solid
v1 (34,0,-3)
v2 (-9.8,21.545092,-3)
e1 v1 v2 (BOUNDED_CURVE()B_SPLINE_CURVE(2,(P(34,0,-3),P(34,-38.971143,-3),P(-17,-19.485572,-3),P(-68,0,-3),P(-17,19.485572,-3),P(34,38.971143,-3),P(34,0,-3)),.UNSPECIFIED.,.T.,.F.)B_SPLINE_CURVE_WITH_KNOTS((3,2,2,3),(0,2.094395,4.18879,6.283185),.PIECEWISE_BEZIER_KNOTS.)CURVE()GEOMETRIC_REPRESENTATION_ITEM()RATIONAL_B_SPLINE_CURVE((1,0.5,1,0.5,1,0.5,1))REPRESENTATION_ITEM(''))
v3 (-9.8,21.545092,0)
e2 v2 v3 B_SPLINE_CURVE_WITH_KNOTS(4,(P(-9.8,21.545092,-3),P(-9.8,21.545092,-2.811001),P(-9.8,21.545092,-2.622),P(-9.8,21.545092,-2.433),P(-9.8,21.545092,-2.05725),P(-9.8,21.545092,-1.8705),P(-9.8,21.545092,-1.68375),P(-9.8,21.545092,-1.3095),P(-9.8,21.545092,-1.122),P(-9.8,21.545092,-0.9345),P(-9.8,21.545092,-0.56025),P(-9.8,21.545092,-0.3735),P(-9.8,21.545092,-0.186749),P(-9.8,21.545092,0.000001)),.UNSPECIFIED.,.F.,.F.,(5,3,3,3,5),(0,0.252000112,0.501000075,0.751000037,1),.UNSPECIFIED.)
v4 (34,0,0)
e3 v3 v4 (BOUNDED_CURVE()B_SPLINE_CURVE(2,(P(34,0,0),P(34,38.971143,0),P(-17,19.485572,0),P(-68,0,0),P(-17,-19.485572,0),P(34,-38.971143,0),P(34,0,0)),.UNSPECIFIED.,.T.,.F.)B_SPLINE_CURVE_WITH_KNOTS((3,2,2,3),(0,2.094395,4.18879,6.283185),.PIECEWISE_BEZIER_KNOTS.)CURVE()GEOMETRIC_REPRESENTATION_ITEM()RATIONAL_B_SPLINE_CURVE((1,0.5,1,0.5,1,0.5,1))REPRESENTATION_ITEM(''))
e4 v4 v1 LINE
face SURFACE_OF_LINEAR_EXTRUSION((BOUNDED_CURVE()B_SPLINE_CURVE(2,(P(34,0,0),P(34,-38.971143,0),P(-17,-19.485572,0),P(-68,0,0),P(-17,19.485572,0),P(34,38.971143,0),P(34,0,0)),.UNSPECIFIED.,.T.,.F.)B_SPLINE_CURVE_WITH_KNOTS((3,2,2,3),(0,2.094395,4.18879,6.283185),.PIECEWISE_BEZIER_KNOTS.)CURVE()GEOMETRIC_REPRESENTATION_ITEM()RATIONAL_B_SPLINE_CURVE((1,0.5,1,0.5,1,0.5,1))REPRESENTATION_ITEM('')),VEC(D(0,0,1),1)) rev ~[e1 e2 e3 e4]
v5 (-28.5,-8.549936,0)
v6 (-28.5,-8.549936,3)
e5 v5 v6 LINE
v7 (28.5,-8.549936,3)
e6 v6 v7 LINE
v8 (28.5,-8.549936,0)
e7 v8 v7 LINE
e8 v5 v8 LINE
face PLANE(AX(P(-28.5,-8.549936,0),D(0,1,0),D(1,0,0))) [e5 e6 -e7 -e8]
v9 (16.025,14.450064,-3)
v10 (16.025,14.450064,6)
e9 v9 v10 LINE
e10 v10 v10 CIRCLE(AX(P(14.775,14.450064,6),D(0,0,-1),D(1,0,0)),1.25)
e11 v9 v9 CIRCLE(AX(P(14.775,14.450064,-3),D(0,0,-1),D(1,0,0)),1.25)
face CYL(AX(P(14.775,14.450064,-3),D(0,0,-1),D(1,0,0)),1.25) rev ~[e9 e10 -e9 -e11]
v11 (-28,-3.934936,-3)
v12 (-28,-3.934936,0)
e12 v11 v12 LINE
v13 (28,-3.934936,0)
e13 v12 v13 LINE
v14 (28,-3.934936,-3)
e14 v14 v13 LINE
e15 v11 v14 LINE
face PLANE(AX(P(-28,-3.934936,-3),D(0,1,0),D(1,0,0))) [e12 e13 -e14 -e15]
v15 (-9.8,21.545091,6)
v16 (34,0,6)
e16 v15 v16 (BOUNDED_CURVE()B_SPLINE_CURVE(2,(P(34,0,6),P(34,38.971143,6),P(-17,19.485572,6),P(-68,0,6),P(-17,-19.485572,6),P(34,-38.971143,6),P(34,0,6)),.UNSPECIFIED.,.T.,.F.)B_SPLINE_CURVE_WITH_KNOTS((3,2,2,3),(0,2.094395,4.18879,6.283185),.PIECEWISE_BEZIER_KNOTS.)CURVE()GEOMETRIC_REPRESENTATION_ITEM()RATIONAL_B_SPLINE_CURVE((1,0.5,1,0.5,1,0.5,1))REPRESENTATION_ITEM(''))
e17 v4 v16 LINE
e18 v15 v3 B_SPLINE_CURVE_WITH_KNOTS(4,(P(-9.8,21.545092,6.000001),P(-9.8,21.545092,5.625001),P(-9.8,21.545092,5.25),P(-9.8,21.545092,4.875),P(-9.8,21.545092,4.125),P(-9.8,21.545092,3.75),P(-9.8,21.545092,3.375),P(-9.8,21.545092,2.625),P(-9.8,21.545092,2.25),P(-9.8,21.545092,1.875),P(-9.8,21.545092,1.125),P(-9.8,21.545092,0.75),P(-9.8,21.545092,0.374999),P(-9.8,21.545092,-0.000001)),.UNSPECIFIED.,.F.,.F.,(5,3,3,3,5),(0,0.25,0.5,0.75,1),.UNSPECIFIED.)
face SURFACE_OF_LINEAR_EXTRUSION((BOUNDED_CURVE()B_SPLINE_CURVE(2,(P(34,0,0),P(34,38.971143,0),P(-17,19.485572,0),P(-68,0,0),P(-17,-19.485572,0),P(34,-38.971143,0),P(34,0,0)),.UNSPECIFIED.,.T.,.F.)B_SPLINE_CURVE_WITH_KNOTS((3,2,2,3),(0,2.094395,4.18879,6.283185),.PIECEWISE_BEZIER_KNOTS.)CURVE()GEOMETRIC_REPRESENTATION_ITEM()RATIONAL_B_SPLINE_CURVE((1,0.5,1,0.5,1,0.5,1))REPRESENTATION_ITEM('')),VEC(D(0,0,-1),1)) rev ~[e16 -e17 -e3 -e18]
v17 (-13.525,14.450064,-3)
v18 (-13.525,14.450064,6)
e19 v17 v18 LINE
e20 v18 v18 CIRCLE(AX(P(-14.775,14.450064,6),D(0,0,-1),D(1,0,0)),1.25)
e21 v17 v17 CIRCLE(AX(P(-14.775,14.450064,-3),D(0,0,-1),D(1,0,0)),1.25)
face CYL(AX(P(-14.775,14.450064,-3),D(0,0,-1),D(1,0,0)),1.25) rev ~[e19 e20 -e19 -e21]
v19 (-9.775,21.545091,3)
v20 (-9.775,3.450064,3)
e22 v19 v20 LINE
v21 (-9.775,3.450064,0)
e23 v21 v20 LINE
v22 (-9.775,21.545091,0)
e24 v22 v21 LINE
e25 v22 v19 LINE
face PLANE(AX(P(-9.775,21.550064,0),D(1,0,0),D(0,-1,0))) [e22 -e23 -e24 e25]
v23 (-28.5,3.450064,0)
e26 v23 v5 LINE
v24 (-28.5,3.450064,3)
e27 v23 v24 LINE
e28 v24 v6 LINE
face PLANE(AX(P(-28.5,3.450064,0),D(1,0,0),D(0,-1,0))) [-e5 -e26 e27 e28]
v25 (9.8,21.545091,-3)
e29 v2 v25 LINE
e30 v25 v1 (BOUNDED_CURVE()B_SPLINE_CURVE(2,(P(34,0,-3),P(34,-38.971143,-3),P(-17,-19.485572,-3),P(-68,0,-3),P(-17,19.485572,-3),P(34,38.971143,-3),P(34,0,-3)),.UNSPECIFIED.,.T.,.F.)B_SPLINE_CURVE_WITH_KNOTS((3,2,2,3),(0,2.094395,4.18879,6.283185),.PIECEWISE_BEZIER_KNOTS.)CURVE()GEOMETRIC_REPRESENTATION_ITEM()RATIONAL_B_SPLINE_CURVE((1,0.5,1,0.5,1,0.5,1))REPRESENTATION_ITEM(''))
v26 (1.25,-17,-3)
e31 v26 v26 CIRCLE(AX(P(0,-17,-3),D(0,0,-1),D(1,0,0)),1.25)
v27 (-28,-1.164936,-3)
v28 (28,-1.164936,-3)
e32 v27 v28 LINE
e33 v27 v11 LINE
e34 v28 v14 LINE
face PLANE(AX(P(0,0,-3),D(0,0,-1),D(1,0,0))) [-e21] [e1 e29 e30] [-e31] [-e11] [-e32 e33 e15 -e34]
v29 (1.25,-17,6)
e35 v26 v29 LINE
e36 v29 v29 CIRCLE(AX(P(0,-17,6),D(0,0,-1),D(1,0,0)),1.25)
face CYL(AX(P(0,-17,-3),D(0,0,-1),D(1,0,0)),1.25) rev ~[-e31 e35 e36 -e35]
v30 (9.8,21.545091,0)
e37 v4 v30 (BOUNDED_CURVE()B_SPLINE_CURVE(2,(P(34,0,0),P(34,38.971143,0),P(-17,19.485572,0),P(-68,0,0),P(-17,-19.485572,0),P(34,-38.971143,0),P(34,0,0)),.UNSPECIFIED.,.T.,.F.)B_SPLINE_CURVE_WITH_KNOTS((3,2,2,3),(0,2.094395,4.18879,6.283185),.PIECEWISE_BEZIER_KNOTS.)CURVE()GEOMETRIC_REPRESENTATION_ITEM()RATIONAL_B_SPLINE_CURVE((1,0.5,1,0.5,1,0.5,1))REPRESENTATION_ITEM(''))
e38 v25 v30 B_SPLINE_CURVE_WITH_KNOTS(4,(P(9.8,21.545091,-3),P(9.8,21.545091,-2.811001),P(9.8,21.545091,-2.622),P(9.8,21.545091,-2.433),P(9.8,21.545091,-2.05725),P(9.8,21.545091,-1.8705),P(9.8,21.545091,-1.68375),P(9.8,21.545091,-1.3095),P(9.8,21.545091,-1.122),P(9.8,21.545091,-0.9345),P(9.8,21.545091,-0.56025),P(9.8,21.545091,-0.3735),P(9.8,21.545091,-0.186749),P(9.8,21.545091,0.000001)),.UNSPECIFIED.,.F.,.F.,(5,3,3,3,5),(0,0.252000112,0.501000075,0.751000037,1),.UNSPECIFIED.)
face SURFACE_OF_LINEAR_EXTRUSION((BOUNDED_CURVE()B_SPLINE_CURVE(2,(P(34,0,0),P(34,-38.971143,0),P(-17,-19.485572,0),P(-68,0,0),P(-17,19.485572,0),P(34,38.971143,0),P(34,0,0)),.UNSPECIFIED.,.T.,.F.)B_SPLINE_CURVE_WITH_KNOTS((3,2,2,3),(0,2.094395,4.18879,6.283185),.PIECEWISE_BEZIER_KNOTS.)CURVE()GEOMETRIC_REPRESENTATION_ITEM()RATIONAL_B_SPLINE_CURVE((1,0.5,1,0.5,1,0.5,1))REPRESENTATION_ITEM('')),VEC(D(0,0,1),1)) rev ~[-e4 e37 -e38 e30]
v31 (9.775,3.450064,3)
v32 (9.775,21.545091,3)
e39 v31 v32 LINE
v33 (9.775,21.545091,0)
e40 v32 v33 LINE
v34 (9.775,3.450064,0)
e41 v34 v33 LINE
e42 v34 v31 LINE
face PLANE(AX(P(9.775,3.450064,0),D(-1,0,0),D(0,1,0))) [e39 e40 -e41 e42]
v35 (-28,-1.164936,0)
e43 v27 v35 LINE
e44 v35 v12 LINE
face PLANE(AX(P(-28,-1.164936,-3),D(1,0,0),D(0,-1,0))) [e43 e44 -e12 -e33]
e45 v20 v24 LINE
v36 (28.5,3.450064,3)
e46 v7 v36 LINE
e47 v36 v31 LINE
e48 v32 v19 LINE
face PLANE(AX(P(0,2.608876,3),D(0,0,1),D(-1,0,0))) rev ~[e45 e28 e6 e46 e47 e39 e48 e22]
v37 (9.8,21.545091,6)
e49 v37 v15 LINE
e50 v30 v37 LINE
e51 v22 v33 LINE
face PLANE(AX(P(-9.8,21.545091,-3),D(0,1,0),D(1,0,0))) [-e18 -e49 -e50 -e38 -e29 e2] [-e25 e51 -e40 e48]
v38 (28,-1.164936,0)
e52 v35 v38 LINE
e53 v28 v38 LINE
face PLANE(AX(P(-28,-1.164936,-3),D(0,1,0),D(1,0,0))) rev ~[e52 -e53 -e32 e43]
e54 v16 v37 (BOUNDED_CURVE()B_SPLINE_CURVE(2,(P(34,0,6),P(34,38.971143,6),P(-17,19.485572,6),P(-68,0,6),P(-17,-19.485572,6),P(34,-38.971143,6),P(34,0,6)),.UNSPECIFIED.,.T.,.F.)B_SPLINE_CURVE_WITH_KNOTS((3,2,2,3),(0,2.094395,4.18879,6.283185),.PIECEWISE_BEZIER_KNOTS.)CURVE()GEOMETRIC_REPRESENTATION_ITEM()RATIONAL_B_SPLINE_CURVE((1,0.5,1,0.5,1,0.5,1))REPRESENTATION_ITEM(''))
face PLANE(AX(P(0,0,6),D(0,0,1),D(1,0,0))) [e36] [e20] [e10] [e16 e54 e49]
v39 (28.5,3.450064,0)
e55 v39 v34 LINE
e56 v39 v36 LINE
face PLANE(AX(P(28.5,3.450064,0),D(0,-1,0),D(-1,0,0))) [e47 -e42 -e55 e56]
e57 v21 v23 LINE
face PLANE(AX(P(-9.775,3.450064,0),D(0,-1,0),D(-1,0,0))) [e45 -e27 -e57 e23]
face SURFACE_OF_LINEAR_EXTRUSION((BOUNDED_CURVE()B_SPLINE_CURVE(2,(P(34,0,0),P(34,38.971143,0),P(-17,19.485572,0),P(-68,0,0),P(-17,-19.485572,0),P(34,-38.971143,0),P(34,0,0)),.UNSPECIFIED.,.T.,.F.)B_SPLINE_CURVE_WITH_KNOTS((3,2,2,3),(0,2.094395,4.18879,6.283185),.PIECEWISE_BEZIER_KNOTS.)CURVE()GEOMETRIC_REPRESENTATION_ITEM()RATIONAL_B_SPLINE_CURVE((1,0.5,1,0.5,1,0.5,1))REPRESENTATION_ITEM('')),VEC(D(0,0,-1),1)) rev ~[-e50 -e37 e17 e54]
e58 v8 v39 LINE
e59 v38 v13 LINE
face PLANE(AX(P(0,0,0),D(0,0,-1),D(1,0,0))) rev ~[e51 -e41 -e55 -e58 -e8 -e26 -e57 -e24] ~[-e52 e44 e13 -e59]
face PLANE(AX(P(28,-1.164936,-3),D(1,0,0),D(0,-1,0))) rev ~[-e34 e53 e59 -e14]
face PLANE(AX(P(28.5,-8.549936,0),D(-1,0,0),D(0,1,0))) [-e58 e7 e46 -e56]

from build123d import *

# Parameters (mm, degrees)
PAD_DEPTH       = 6
POCKET_DEPTH    = 3
PAD001_DEPTH    = 3
SKETCH003_W     = 56
SKETCH003_H     = 2.77
POCKET001_DEPTH = 3
SKETCH004_W     = 19.6
SKETCH004_H     = 1
POCKET002_DEPTH = 9.001
SKETCH005_R     = 1.25
POCKET003_DEPTH = 9.001


with BuildPart() as part:
    # Sketch → Pad (new body)
    with BuildSketch(Plane.XY):
        with BuildLine():
            add(Edge.make_bspline(
                [(34, 0), (34, 38.971143), (-17, 19.485572), (-68, 0), (-17, -19.485572), (34, -38.971143), (34, 0)],
                knots=[0, 0, 0, 2.094395, 2.094395, 4.18879, 4.18879, 6.283185, 6.283185, 6.283185], degree=2, weights=[1, 0.5, 1, 0.5, 1, 0.5, 1]))
        make_face()
    extrude(amount=PAD_DEPTH)

    # Sketch001 (on Face2 of Pad) → Pocket (cut)
    with BuildSketch(Plane(origin=(0, 0, 0), x_dir=(1, 0, 0), z_dir=(0, 0, -1))):
        Polygon((9.775, -3.450064), (9.775, -21.550064), (-9.775, -21.550064), (-9.775, -3.450064), (-28.5, -3.450064), (-28.5, 8.549936), (28.5, 8.549936), (28.5, -3.450064), align=None)
    extrude(amount=-POCKET_DEPTH, mode=Mode.SUBTRACT)

    # Sketch002 (on Face2 of Pocket) → Pad001 (join)
    with BuildSketch(Plane(origin=(0, 0, 0), x_dir=(1, 0, 0), z_dir=(0, 0, -1))):
        with BuildLine():
            add(Edge.make_bspline(
                [(34, 0), (34, 38.971143), (-17, 19.485572), (-68, 0), (-17, -19.485572), (34, -38.971143), (34, 0)],
                knots=[0, 0, 0, 2.094395, 2.094395, 4.18879, 4.18879, 6.283185, 6.283185, 6.283185], degree=2, weights=[1, 0.5, 1, 0.5, 1, 0.5, 1]))
        make_face()
    extrude(amount=PAD001_DEPTH)

    # Sketch003 (on Face4 of Pad001) → Pocket001 (cut)
    with BuildSketch(Plane(origin=(0, 0, -3), x_dir=(1, 0, 0), z_dir=(0, 0, -1))):
        with Locations((0, 2.549936)):
            Rectangle(SKETCH003_W, SKETCH003_H)
    extrude(amount=-POCKET001_DEPTH, mode=Mode.SUBTRACT)

    # Sketch004 (on Face4 of Pocket001) → Pocket002 (cut, through all)
    with BuildSketch(Plane(origin=(0, 0, -3), x_dir=(1, 0, 0), z_dir=(0, 0, -1))):
        with Locations((0, -22.045091)):
            Rectangle(SKETCH004_W, SKETCH004_H)
    extrude(amount=-POCKET002_DEPTH, mode=Mode.SUBTRACT)

    # Sketch005 (on Face7 of Pocket002) → Pocket003 (cut, through all)
    with BuildSketch(Plane(origin=(0, 0, -3), x_dir=(1, 0, 0), z_dir=(0, 0, -1))):
        with Locations((-14.775, -14.450064)):
            Circle(SKETCH005_R)
        with Locations((0, 17)):
            Circle(SKETCH005_R)
        with Locations((14.775, -14.450064)):
            Circle(SKETCH005_R)
    extrude(amount=-POCKET003_DEPTH, mode=Mode.SUBTRACT)


solid = part.part
